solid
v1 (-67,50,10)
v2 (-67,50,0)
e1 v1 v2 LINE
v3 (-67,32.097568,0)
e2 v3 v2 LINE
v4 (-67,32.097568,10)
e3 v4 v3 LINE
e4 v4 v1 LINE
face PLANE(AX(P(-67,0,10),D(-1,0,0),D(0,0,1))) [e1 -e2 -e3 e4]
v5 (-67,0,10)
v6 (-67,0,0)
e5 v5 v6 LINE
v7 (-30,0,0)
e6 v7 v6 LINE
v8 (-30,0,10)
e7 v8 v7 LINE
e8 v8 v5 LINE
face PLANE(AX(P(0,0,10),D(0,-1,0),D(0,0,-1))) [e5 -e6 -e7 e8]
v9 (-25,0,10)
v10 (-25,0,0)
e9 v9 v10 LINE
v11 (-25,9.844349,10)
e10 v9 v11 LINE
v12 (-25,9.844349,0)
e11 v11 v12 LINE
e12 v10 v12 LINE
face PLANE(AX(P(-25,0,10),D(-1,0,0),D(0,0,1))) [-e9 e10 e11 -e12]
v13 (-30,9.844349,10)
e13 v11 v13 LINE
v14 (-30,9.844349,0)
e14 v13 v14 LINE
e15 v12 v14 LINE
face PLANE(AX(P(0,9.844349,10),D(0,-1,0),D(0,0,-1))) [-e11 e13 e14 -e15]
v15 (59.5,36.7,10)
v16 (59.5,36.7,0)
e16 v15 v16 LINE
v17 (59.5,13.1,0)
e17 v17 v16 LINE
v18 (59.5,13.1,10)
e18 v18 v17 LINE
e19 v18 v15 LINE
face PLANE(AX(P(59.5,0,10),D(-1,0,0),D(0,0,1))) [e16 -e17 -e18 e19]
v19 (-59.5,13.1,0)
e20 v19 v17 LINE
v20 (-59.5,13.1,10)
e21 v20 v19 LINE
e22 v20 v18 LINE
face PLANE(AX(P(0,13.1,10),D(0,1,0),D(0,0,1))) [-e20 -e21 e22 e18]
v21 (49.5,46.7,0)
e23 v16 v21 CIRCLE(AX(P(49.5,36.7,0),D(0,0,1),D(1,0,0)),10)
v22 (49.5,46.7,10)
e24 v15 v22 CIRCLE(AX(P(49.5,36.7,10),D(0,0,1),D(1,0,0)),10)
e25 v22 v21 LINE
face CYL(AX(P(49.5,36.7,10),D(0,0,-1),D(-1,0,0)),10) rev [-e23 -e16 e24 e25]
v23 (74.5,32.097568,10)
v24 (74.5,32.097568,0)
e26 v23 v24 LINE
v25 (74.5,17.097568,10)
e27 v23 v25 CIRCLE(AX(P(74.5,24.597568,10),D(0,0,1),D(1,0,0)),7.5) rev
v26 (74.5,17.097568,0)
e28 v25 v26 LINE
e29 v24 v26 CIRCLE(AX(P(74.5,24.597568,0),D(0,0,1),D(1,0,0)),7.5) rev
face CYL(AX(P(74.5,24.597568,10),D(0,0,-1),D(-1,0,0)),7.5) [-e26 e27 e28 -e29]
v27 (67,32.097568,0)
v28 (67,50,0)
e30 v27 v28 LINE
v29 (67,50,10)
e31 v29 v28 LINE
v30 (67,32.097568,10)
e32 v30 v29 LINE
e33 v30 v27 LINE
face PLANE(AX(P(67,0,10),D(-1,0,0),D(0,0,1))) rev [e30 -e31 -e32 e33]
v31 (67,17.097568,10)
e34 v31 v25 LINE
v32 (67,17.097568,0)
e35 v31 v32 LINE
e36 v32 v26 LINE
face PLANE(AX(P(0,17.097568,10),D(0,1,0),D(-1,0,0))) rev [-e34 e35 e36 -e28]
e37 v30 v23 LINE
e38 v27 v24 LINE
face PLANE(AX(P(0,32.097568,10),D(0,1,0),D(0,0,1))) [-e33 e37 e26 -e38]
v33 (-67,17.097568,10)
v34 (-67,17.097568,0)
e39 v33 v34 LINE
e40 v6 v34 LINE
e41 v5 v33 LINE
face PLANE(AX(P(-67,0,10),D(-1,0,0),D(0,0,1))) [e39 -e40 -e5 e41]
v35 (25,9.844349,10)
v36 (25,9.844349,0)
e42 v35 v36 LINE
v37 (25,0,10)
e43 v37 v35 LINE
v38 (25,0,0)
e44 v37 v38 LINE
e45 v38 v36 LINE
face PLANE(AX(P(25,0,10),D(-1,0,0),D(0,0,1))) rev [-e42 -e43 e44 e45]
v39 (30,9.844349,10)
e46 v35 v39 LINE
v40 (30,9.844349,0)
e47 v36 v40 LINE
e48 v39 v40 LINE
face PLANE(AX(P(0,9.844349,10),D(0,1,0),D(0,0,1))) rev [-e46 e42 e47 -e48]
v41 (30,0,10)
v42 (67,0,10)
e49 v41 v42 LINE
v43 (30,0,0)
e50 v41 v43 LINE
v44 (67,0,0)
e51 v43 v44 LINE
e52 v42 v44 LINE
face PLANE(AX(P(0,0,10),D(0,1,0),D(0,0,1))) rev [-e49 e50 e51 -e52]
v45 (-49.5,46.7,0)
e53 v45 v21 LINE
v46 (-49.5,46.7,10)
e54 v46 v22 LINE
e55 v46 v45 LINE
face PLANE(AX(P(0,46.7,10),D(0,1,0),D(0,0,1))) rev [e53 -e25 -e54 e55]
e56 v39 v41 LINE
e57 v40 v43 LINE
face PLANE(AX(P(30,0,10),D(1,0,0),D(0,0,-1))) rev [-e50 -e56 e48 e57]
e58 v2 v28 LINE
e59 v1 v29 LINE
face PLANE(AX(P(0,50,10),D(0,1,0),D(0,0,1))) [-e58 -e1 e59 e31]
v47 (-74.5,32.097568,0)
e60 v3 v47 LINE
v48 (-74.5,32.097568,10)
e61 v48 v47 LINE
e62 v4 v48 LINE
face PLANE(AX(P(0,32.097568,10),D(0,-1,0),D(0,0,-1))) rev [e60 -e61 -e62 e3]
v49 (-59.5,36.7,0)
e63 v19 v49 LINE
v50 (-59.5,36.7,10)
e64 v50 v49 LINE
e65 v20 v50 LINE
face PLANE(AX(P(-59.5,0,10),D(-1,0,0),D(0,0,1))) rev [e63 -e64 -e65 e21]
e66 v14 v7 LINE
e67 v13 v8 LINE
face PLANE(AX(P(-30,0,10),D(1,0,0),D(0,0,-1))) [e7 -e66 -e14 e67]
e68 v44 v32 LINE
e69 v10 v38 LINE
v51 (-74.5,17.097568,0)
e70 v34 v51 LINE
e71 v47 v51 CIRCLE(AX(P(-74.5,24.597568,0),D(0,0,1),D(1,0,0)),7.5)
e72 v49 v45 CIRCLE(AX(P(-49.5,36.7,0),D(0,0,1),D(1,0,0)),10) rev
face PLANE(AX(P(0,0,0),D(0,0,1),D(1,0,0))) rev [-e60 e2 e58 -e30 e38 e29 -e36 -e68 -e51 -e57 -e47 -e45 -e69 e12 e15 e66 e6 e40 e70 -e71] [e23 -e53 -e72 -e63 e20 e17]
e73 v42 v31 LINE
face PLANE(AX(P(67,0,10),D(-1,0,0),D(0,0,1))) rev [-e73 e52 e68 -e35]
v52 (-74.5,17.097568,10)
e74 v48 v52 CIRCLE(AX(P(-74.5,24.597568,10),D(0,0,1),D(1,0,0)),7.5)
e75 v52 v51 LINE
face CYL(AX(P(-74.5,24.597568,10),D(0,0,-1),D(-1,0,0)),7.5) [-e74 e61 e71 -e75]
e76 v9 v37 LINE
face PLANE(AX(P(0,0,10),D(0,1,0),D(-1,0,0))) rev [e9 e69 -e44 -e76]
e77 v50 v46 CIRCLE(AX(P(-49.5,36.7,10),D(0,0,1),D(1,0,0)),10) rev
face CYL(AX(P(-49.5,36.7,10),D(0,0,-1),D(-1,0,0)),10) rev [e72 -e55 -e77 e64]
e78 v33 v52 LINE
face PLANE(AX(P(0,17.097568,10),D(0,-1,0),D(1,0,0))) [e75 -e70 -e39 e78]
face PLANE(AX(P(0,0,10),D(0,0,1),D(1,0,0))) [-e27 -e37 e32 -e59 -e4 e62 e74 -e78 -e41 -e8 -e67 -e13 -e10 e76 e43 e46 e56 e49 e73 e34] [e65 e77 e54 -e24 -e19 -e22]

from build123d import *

# Parameters (mm, degrees)
SALIENTE_EXTRUIR1_DEPTH = 10


with BuildPart() as part:
    # Croquis1 → Saliente-Extruir1 (new body)
    with BuildSketch(Plane.XY):
        with BuildLine():
            Line((-25, 9.844348503), (-25, 0))
            Line((-25, 0), (25, 0))
            Line((25, 0), (25, 9.844348503))
            Line((25, 9.844348503), (30, 9.844348503))
            Line((30, 9.844348503), (30, 0))
            Line((30, 0), (67, 0))
            Line((67, 0), (67, 17.097567982))
            Line((67, 17.097567982), (74.5, 17.097567982))
            ThreePointArc((74.5, 17.097567982), (82, 24.597567982), (74.5, 32.097567982))
            Line((74.5, 32.097567982), (67, 32.097567982))
            Line((67, 32.097567982), (67, 50))
            Line((67, 50), (-67, 50))
            Line((-67, 50), (-67, 32.097567982))
            Line((-67, 32.097567982), (-74.5, 32.097567982))
            ThreePointArc((-74.5, 32.097567982), (-82, 24.597567982), (-74.5, 17.097567982))
            Line((-74.5, 17.097567982), (-67, 17.097567982))
            Line((-67, 17.097567982), (-67, 0))
            Line((-67, 0), (-30, 0))
            Line((-30, 0), (-30, 9.844348503))
            Line((-30, 9.844348503), (-25, 9.844348503))
        make_face()
        with BuildLine():
            Line((59.5, 13.1), (-59.5, 13.1))
            Line((-59.5, 13.1), (-59.5, 17.097567982))
            Line((-59.5, 17.097567982), (-59.5, 32.097567982))
            Line((-59.5, 32.097567982), (-59.5, 36.7))
            ThreePointArc((-59.5, 36.7), (-56.571067812, 43.771067812), (-49.5, 46.7))
            Line((-49.5, 46.7), (44.1, 46.7))
            Line((44.1, 46.7), (49.5, 46.7))
            ThreePointArc((49.5, 46.7), (56.571067812, 43.771067812), (59.5, 36.7))
            Line((59.5, 36.7), (59.5, 13.1))
        make_face(mode=Mode.SUBTRACT)
    extrude(amount=SALIENTE_EXTRUIR1_DEPTH)


solid = part.part
